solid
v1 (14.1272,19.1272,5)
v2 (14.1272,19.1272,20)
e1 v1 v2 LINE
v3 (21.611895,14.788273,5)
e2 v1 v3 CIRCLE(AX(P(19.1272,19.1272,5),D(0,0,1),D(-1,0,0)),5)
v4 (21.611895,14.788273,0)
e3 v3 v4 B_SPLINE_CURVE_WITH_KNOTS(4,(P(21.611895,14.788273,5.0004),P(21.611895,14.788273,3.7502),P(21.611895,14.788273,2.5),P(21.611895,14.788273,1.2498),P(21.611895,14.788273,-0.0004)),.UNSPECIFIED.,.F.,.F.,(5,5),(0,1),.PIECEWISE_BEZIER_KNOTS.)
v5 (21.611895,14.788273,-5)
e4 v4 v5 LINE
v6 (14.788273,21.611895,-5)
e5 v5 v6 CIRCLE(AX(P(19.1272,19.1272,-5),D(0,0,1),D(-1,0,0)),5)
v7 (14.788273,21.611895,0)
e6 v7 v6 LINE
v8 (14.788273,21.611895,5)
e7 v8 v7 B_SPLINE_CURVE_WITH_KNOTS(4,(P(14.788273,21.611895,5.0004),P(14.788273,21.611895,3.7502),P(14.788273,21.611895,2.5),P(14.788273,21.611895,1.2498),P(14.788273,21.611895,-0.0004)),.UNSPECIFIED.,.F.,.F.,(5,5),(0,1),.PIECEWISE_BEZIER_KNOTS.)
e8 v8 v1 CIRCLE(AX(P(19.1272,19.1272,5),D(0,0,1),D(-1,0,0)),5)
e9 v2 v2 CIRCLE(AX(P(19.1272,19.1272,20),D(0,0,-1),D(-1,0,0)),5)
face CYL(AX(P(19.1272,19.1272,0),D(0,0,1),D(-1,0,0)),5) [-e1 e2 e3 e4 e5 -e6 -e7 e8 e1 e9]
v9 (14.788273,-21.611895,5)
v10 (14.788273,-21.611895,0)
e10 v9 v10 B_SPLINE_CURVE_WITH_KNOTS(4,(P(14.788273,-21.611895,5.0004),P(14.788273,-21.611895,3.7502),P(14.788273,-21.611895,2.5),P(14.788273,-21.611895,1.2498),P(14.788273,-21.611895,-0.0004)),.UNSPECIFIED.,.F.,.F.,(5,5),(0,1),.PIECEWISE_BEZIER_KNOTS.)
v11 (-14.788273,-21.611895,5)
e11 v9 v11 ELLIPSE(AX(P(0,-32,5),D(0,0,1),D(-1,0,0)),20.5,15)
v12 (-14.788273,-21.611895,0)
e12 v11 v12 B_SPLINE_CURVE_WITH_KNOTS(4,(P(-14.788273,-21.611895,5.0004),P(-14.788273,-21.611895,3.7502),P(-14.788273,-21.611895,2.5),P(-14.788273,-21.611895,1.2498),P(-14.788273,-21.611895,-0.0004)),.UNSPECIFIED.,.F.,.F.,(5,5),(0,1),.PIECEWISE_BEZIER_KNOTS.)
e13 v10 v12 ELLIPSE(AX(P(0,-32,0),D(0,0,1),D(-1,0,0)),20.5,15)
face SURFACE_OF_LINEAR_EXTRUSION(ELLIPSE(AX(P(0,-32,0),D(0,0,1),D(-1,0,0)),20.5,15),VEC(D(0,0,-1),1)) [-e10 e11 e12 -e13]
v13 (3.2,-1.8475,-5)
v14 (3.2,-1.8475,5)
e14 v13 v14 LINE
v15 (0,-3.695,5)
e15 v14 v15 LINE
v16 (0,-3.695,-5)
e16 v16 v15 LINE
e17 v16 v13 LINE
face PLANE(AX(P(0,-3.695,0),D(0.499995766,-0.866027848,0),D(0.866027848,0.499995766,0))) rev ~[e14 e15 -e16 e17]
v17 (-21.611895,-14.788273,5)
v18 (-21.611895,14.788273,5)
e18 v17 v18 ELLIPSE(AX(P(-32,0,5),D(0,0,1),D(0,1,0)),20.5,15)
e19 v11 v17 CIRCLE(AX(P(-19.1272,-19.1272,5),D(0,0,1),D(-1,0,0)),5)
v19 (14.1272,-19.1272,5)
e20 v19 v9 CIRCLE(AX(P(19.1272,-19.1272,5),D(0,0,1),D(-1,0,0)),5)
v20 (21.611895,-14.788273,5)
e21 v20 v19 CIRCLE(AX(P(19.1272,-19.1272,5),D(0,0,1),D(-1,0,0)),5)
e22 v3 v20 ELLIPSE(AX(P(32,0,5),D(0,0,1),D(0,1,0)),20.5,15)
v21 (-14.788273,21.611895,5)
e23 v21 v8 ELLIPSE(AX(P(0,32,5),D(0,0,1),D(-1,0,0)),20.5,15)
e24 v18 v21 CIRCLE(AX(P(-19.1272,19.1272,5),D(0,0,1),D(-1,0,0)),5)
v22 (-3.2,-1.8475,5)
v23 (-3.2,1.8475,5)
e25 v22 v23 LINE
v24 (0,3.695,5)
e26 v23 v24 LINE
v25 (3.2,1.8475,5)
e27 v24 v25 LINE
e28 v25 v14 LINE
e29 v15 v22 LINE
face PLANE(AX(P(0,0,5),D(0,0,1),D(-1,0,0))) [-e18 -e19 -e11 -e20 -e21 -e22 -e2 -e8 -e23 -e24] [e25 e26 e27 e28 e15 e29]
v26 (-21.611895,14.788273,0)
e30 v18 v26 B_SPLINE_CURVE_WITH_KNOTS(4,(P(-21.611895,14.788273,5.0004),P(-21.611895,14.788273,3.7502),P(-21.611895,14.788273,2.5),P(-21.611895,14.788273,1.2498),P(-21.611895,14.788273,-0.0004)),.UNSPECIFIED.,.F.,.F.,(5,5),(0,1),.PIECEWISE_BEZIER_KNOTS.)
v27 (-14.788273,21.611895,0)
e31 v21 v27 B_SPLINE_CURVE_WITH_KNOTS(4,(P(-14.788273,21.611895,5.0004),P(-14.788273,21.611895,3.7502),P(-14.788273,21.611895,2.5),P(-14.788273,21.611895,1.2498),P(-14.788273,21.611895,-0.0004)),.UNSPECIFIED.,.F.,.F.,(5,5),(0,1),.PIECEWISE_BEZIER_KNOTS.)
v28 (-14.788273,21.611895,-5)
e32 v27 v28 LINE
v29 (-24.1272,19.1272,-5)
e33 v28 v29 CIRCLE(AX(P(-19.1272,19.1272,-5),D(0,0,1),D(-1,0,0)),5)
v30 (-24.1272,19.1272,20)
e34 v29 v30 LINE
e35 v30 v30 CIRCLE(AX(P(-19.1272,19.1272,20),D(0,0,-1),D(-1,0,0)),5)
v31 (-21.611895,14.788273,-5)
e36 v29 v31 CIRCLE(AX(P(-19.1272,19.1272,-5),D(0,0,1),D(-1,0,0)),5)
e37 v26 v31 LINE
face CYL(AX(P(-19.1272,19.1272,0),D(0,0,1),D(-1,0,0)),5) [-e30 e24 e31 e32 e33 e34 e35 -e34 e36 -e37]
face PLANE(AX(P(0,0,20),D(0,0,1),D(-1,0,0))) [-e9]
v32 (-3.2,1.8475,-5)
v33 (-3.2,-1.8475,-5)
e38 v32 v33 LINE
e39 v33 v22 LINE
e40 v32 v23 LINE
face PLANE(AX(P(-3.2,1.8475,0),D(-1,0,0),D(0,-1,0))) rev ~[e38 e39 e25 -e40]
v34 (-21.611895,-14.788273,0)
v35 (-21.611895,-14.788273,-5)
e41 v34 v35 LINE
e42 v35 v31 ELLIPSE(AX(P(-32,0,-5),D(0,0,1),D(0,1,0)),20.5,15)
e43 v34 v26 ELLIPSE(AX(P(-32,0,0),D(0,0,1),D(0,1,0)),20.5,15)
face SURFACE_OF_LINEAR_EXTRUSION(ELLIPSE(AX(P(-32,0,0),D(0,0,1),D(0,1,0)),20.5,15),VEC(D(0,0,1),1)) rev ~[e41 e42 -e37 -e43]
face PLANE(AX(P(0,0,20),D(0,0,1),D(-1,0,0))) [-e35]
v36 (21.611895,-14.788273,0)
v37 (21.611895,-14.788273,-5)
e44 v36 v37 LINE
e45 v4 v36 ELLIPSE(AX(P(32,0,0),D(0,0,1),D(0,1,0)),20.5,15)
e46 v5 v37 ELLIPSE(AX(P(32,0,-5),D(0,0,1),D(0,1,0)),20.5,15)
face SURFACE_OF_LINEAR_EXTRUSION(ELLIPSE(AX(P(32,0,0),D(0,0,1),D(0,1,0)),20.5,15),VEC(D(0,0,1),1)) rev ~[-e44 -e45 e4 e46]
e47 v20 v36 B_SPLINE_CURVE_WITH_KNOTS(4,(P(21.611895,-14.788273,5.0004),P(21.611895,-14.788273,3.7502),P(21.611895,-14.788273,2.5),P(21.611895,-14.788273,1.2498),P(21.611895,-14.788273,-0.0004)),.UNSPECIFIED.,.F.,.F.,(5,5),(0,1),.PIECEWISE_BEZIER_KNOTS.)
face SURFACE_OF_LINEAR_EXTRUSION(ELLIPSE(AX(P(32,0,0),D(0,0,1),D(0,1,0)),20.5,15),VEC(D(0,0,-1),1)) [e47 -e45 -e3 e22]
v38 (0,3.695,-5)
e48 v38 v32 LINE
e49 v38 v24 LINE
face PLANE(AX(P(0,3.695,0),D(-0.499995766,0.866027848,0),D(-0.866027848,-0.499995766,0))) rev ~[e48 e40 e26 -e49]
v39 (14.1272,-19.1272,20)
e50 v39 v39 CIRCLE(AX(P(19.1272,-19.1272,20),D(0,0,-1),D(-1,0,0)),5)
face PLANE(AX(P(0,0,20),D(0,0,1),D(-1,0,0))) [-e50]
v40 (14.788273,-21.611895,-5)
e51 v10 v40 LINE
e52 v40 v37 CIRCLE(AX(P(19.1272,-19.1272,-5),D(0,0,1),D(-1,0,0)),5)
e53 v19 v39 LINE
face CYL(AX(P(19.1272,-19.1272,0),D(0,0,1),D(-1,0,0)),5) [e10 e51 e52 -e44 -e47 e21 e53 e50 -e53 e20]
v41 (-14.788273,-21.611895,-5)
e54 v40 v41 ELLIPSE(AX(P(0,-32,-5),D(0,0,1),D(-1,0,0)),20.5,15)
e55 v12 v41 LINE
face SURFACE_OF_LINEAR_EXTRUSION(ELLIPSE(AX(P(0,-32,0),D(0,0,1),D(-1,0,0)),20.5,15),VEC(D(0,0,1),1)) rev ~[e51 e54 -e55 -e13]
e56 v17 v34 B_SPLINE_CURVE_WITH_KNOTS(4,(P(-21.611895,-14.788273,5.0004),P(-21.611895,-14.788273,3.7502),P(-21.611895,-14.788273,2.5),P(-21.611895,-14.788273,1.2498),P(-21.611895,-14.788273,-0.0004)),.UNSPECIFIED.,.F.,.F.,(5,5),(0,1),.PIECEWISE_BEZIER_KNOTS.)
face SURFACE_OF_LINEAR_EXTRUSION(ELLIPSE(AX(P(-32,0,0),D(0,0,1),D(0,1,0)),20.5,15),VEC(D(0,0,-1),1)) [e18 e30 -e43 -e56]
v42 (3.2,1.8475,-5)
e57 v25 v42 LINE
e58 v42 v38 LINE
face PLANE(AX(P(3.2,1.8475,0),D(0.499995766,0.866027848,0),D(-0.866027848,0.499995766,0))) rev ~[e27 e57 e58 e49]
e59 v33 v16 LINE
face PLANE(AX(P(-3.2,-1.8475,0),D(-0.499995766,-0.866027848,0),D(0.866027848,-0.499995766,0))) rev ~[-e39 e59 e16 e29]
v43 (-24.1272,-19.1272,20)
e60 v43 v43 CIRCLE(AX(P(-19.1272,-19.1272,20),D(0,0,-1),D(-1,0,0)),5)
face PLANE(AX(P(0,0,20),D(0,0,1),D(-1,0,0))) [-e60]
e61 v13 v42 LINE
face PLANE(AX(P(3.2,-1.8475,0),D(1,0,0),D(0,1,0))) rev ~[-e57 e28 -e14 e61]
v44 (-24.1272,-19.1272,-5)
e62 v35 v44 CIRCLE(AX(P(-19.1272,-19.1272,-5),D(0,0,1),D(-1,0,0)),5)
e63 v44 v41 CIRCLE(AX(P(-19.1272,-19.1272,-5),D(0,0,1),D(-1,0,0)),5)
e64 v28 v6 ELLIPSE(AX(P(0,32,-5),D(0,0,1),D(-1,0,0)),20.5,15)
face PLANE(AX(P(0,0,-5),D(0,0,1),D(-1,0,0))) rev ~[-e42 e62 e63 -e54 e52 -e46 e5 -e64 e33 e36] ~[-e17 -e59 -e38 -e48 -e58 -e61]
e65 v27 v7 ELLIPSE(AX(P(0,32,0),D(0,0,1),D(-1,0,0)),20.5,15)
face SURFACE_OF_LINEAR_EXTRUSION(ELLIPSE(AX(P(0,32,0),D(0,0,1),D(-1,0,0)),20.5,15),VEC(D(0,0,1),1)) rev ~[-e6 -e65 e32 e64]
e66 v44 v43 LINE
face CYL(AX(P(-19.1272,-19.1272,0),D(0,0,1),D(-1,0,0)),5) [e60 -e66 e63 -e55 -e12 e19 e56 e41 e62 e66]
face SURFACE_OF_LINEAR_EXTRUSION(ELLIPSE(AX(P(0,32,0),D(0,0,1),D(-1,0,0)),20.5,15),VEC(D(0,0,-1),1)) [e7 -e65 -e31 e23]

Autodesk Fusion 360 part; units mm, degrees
sketch "草图1" plane through (0, 0, 0) normal (0, 0, 1) x (1, 0, 0) in component "spinner with 4 wheel v3"
  circle A0 centre (-19.1272, 19.1272) radius 4.95
  circle A1 centre (19.1272, 19.1272) radius 4.95
  circle A2 centre (19.1272, -19.1272) radius 4.95
  circle A3 centre (-19.1272, -19.1272) radius 4.95
  ellipse E0 centre (32, 0) end of major axis (47, 0) minor radius 20.5 (21.6933, 14.8943) -> (21.6933, -14.8943) ccw
  ellipse E1 centre (0, 32) end of major axis (0, 47) minor radius 20.5 (-14.8943, 21.6933) -> (14.8943, 21.6933) ccw
  line L0 (0, 41) -> (0, 70)
  line L1 (0, -47) -> (0, -70)
  ellipse E2 centre (-32, 0) end of major axis (-17, 0) minor radius 20.5 (-21.6933, -14.8943) -> (-21.6933, 14.8943) ccw
  ellipse E3 centre (0, -32) end of major axis (0, -17) minor radius 20.5 (14.8943, -21.6933) -> (-14.8943, -21.6933) ccw
  line L2 (3.25, 1.8764) -> (0, 3.7528)
  line L3 (0, 3.7528) -> (-3.25, 1.8764)
  line L4 (-3.25, 1.8764) -> (-3.25, -1.8764)
  line L5 (-3.25, -1.8764) -> (0, -3.7528)
  line L6 (0, -3.7528) -> (3.25, -1.8764)
  line L7 (3.25, -1.8764) -> (3.25, 1.8764)
  line L8 (30, -20) -> (19.1272, -19.1272)
  dimension "d5" = 9.9
  dimension "d6" = 9.9
  dimension "d7" = 9.9
  dimension "d8" = 9.9
  dimension "d9" = 30
  dimension "d10" = 41
  dimension "d15" = 30
  dimension "d16" = 41
  dimension "d17" = 3.25
extrude "拉伸1" add sketch "草图1" along normal blind 5 in component "spinner with 4 wheel v3"
sketch "草图2" plane through (0, 0, 5) normal (0, 0, 1) x (-1, 0, 0) in component "spinner with 4 wheel v3"
  line L0 (-3.25, -1.8764) -> (-3.25, 1.8764)
  line L1 (-3.25, 1.8764) -> (0, 3.7528)
  line L2 (0, 3.7528) -> (3.25, 1.8764)
  line L3 (3.25, 1.8764) -> (3.25, -1.8764)
  line L4 (3.25, -1.8764) -> (0, -3.7528)
  line L5 (0, -3.7528) -> (-3.25, -1.8764)
  ellipse E0 centre (0, 32) end of major axis (20.5, 32) minor radius 15 (-14.8943, 21.6933) -> (14.8943, 21.6933) ccw
  arc A0 (-14.8943, 21.6933) -> (-21.6933, 14.8943) centre (-19.1272, 19.1272) ccw
  ellipse E1 centre (-32, 0) end of major axis (-32, -20.5) minor radius 15 (-21.6933, -14.8943) -> (-21.6933, 14.8943) ccw
  arc A1 (-21.6933, -14.8943) -> (-14.8943, -21.6933) centre (-19.1272, -19.1272) ccw
  ellipse E2 centre (0, -32) end of major axis (20.5, -32) minor radius 15 (14.8943, -21.6933) -> (-14.8943, -21.6933) ccw
  arc A2 (14.8943, -21.6933) -> (21.6933, -14.8943) centre (19.1272, -19.1272) ccw
  ellipse E3 centre (32, 0) end of major axis (32, -20.5) minor radius 15 (21.6933, 14.8943) -> (21.6933, -14.8943) ccw
  arc A3 (21.6933, 14.8943) -> (14.8943, 21.6933) centre (19.1272, 19.1272) ccw
  circle A4 centre (-19.1272, -19.1272) radius 4.95
  circle A5 centre (19.1272, -19.1272) radius 4.95
  circle A6 centre (19.1272, 19.1272) radius 4.95
  circle A7 centre (-19.1272, 19.1272) radius 4.95
  dimension "d20" = 9.9
  dimension "d21" = 4.95
  dimension "d22" = 9.9
  dimension "d23" = 4.95
extrude "拉伸2" add sketch "草图2" along normal blind 7 contours A0 A7 | A3 A6 | A1 A4 | A2 A5 in component "spinner with 4 wheel v3"
sketch "草图3" plane through (0, 0, 5) normal (0, 0, 1) x (-1, 0, 0) in component "spinner with 4 wheel v3"
  arc A0 (-14.8943, -21.6933) -> (-21.6933, -14.8943) centre (-19.1272, -19.1272) ccw
  ellipse E0 centre (0, -32) end of major axis (20.5, -32) minor radius 15 (14.8943, -21.6933) -> (-14.8943, -21.6933) ccw
  arc A1 (21.6933, -14.8943) -> (14.8943, -21.6933) centre (19.1272, -19.1272) ccw
  ellipse E1 centre (32, 0) end of major axis (32, -20.5) minor radius 15 (21.6933, 14.8943) -> (21.6933, -14.8943) ccw
  arc A2 (14.8943, 21.6933) -> (21.6933, 14.8943) centre (19.1272, 19.1272) ccw
  ellipse E2 centre (0, 32) end of major axis (20.5, 32) minor radius 15 (-14.8943, 21.6933) -> (14.8943, 21.6933) ccw
  arc A3 (-21.6933, 14.8943) -> (-14.8943, 21.6933) centre (-19.1272, 19.1272) ccw
  ellipse E3 centre (-32, 0) end of major axis (-32, -20.5) minor radius 15 (-21.6933, -14.8943) -> (-21.6933, 14.8943) ccw
  line L0 (-3.25, -1.8764) -> (-3.25, 1.8764)
  line L1 (-3.25, 1.8764) -> (0, 3.7528)
  line L2 (0, 3.7528) -> (3.25, 1.8764)
  line L3 (3.25, 1.8764) -> (3.25, -1.8764)
  line L4 (3.25, -1.8764) -> (0, -3.7528)
  line L5 (0, -3.7528) -> (-3.25, -1.8764)
  line L6 (-3.25, -1.8764) -> (0, -3.7528)
  line L7 (0, -3.7528) -> (3.25, -1.8764)
  line L8 (3.25, -1.8764) -> (3.25, 1.8764)
  line L9 (3.25, 1.8764) -> (0, 3.7528)
  line L10 (0, 3.7528) -> (-3.25, 1.8764)
  line L11 (-3.25, 1.8764) -> (-3.25, -1.8764)
extrude "拉伸3" add sketch "草图3" against normal blind 2 contours L0 L1 L2 L3 L4 L5 L6 L7 L8 L9 L10 L11 in component "spinner with 4 wheel v3"
sketch "草图4" plane through (0, 0, 5) normal (0, 0, 1) x (-1, 0, 0) in component "spinner with 4 wheel v3"
  arc A0 (-14.8943, -21.6933) -> (-21.6933, -14.8943) centre (-19.1272, -19.1272) ccw
  ellipse E0 centre (0, -32) end of major axis (20.5, -32) minor radius 15 (14.8943, -21.6933) -> (-14.8943, -21.6933) ccw
  arc A1 (21.6933, -14.8943) -> (14.8943, -21.6933) centre (19.1272, -19.1272) ccw
  ellipse E1 centre (32, 0) end of major axis (32, -20.5) minor radius 15 (21.6933, 14.8943) -> (21.6933, -14.8943) ccw
  arc A2 (14.8943, 21.6933) -> (21.6933, 14.8943) centre (19.1272, 19.1272) ccw
  ellipse E2 centre (0, 32) end of major axis (20.5, 32) minor radius 15 (-14.8943, 21.6933) -> (14.8943, 21.6933) ccw
  arc A3 (-21.6933, 14.8943) -> (-14.8943, 21.6933) centre (-19.1272, 19.1272) ccw
  ellipse E3 centre (-32, 0) end of major axis (-32, -20.5) minor radius 15 (-21.6933, -14.8943) -> (-21.6933, 14.8943) ccw
  circle A4 centre (0, 0) radius 2
extrude "拉伸4" add sketch "草图4" along normal blind 15 contours A4 in component "spinner with 4 wheel v3"
sketch "草图5" plane through (0, 0, 0) normal (0, 0, 1) x (1, 0, 0) in component "spinner with 4 wheel v3"
extrude "拉伸5" add 1 faces at (1.0833, -0.6255, 3) along direction (0, 0, -1) blind 3 in component "spinner with 4 wheel v3"
sketch "草图6" plane through (0, 0, 0) normal (0, 0, 1) x (1, 0, 0) in component "spinner with 4 wheel v3"
  line L0 (-3.2, -1.8475) -> (0, -3.695)
  line L1 (0, -3.695) -> (3.2, -1.8475)
  line L2 (3.2, -1.8475) -> (3.2, 1.8475)
  line L3 (3.2, 1.8475) -> (0, 3.695)
  line L4 (0, 3.695) -> (-3.2, 1.8475)
  line L5 (-3.2, 1.8475) -> (-3.2, -1.8475)
  dimension "d32" = 3.2
extrude "拉伸6" cut sketch "草图6" along normal blind 22 in component "spinner with 4 wheel v3"
sketch "草图7" plane through (0, 0, 0) normal (1, 0, 0) x (0, 1, 0) in component "spinner with 4 wheel v3"
extrude "拉伸7" cut 4 faces at (18.1573, 20.0862, 12) (16.979, -18.0927, 12) (-17.5166, -19.4446, 12) (-20.5586, 20.6052, 12) along direction (0, 0, -1) blind 12 in component "spinner with 4 wheel v3"
sketch "草图8" plane through (0, 0, 5) normal (0, 0, 1) x (-1, 0, 0) in component "spinner with 4 wheel v3"
  arc A0 (-14.8943, -21.6933) -> (-21.6933, -14.8943) centre (-19.1272, -19.1272) ccw
  ellipse E0 centre (0, -32) end of major axis (20.5, -32) minor radius 15 (14.8943, -21.6933) -> (-14.8943, -21.6933) ccw
  arc A1 (21.6933, -14.8943) -> (14.8943, -21.6933) centre (19.1272, -19.1272) ccw
  ellipse E1 centre (32, 0) end of major axis (32, -20.5) minor radius 15 (21.6933, 14.8943) -> (21.6933, -14.8943) ccw
  arc A2 (14.8943, 21.6933) -> (21.6933, 14.8943) centre (19.1272, 19.1272) ccw
  ellipse E2 centre (0, 32) end of major axis (20.5, 32) minor radius 15 (-14.8943, 21.6933) -> (14.8943, 21.6933) ccw
  arc A3 (-21.6933, 14.8943) -> (-14.8943, 21.6933) centre (-19.1272, 19.1272) ccw
  ellipse E3 centre (-32, 0) end of major axis (-32, -20.5) minor radius 15 (-21.6933, -14.8943) -> (-21.6933, 14.8943) ccw
  circle A4 centre (-19.1272, 19.1272) radius 5
  circle A5 centre (-19.1272, -19.1272) radius 5
  circle A6 centre (19.1272, 19.1272) radius 5
  circle A7 centre (19.1272, -19.1272) radius 5
  line L0 (3.2, -1.8475) -> (0, -3.695)
  line L1 (0, -3.695) -> (-3.2, -1.8475)
  line L2 (-3.2, -1.8475) -> (-3.2, 1.8475)
  line L3 (-3.2, 1.8475) -> (0, 3.695)
  line L4 (0, 3.695) -> (3.2, 1.8475)
  line L5 (3.2, 1.8475) -> (3.2, -1.8475)
  dimension "d37" = 4.95
  dimension "d38" = 4.95
  dimension "d39" = 4.95
  dimension "d40" = 4.95
  dimension "d41" = 10
  dimension "d42" = 10
  dimension "d43" = 10
  dimension "d44" = 10
extrude "拉伸8" add sketch "草图8" along normal blind -5 and the other way blind -7 contours A0 E0 E3 A5 | A0 E0 E3 A5 | E0 A1 E1 A7 | E0 A1 E1 A7 | E2 A3 E3 A4 | E2 A3 E3 A4 | E1 A2 E2 A6 | E1 A2 E2 A6 in component "spinner with 4 wheel v3"
extrude "拉伸9" add 4 faces at (20.5783, 17.6971, 12) (-17.6037, 17.7136, 12) (-20.6618, -20.4674, 12) (18.5183, -20.4625, 12) along direction (0, 0, 1) blind 8 in component "spinner with 4 wheel v3"
extrude "拉伸10" add 1 faces at (9.8129, -9.3621, 0) along direction (0, 0, -1) blind 5 in component "spinner with 4 wheel v3"
sketch "草图1 (2)" plane through (0, 0, 0) normal (1, 0, 0) x (0, 1, 0)
component "spinner with 4 wheel v3" placed x (1, 0, 0) y (0, 1, 0) z (0, 0, 1) at (0, 0, 0)
